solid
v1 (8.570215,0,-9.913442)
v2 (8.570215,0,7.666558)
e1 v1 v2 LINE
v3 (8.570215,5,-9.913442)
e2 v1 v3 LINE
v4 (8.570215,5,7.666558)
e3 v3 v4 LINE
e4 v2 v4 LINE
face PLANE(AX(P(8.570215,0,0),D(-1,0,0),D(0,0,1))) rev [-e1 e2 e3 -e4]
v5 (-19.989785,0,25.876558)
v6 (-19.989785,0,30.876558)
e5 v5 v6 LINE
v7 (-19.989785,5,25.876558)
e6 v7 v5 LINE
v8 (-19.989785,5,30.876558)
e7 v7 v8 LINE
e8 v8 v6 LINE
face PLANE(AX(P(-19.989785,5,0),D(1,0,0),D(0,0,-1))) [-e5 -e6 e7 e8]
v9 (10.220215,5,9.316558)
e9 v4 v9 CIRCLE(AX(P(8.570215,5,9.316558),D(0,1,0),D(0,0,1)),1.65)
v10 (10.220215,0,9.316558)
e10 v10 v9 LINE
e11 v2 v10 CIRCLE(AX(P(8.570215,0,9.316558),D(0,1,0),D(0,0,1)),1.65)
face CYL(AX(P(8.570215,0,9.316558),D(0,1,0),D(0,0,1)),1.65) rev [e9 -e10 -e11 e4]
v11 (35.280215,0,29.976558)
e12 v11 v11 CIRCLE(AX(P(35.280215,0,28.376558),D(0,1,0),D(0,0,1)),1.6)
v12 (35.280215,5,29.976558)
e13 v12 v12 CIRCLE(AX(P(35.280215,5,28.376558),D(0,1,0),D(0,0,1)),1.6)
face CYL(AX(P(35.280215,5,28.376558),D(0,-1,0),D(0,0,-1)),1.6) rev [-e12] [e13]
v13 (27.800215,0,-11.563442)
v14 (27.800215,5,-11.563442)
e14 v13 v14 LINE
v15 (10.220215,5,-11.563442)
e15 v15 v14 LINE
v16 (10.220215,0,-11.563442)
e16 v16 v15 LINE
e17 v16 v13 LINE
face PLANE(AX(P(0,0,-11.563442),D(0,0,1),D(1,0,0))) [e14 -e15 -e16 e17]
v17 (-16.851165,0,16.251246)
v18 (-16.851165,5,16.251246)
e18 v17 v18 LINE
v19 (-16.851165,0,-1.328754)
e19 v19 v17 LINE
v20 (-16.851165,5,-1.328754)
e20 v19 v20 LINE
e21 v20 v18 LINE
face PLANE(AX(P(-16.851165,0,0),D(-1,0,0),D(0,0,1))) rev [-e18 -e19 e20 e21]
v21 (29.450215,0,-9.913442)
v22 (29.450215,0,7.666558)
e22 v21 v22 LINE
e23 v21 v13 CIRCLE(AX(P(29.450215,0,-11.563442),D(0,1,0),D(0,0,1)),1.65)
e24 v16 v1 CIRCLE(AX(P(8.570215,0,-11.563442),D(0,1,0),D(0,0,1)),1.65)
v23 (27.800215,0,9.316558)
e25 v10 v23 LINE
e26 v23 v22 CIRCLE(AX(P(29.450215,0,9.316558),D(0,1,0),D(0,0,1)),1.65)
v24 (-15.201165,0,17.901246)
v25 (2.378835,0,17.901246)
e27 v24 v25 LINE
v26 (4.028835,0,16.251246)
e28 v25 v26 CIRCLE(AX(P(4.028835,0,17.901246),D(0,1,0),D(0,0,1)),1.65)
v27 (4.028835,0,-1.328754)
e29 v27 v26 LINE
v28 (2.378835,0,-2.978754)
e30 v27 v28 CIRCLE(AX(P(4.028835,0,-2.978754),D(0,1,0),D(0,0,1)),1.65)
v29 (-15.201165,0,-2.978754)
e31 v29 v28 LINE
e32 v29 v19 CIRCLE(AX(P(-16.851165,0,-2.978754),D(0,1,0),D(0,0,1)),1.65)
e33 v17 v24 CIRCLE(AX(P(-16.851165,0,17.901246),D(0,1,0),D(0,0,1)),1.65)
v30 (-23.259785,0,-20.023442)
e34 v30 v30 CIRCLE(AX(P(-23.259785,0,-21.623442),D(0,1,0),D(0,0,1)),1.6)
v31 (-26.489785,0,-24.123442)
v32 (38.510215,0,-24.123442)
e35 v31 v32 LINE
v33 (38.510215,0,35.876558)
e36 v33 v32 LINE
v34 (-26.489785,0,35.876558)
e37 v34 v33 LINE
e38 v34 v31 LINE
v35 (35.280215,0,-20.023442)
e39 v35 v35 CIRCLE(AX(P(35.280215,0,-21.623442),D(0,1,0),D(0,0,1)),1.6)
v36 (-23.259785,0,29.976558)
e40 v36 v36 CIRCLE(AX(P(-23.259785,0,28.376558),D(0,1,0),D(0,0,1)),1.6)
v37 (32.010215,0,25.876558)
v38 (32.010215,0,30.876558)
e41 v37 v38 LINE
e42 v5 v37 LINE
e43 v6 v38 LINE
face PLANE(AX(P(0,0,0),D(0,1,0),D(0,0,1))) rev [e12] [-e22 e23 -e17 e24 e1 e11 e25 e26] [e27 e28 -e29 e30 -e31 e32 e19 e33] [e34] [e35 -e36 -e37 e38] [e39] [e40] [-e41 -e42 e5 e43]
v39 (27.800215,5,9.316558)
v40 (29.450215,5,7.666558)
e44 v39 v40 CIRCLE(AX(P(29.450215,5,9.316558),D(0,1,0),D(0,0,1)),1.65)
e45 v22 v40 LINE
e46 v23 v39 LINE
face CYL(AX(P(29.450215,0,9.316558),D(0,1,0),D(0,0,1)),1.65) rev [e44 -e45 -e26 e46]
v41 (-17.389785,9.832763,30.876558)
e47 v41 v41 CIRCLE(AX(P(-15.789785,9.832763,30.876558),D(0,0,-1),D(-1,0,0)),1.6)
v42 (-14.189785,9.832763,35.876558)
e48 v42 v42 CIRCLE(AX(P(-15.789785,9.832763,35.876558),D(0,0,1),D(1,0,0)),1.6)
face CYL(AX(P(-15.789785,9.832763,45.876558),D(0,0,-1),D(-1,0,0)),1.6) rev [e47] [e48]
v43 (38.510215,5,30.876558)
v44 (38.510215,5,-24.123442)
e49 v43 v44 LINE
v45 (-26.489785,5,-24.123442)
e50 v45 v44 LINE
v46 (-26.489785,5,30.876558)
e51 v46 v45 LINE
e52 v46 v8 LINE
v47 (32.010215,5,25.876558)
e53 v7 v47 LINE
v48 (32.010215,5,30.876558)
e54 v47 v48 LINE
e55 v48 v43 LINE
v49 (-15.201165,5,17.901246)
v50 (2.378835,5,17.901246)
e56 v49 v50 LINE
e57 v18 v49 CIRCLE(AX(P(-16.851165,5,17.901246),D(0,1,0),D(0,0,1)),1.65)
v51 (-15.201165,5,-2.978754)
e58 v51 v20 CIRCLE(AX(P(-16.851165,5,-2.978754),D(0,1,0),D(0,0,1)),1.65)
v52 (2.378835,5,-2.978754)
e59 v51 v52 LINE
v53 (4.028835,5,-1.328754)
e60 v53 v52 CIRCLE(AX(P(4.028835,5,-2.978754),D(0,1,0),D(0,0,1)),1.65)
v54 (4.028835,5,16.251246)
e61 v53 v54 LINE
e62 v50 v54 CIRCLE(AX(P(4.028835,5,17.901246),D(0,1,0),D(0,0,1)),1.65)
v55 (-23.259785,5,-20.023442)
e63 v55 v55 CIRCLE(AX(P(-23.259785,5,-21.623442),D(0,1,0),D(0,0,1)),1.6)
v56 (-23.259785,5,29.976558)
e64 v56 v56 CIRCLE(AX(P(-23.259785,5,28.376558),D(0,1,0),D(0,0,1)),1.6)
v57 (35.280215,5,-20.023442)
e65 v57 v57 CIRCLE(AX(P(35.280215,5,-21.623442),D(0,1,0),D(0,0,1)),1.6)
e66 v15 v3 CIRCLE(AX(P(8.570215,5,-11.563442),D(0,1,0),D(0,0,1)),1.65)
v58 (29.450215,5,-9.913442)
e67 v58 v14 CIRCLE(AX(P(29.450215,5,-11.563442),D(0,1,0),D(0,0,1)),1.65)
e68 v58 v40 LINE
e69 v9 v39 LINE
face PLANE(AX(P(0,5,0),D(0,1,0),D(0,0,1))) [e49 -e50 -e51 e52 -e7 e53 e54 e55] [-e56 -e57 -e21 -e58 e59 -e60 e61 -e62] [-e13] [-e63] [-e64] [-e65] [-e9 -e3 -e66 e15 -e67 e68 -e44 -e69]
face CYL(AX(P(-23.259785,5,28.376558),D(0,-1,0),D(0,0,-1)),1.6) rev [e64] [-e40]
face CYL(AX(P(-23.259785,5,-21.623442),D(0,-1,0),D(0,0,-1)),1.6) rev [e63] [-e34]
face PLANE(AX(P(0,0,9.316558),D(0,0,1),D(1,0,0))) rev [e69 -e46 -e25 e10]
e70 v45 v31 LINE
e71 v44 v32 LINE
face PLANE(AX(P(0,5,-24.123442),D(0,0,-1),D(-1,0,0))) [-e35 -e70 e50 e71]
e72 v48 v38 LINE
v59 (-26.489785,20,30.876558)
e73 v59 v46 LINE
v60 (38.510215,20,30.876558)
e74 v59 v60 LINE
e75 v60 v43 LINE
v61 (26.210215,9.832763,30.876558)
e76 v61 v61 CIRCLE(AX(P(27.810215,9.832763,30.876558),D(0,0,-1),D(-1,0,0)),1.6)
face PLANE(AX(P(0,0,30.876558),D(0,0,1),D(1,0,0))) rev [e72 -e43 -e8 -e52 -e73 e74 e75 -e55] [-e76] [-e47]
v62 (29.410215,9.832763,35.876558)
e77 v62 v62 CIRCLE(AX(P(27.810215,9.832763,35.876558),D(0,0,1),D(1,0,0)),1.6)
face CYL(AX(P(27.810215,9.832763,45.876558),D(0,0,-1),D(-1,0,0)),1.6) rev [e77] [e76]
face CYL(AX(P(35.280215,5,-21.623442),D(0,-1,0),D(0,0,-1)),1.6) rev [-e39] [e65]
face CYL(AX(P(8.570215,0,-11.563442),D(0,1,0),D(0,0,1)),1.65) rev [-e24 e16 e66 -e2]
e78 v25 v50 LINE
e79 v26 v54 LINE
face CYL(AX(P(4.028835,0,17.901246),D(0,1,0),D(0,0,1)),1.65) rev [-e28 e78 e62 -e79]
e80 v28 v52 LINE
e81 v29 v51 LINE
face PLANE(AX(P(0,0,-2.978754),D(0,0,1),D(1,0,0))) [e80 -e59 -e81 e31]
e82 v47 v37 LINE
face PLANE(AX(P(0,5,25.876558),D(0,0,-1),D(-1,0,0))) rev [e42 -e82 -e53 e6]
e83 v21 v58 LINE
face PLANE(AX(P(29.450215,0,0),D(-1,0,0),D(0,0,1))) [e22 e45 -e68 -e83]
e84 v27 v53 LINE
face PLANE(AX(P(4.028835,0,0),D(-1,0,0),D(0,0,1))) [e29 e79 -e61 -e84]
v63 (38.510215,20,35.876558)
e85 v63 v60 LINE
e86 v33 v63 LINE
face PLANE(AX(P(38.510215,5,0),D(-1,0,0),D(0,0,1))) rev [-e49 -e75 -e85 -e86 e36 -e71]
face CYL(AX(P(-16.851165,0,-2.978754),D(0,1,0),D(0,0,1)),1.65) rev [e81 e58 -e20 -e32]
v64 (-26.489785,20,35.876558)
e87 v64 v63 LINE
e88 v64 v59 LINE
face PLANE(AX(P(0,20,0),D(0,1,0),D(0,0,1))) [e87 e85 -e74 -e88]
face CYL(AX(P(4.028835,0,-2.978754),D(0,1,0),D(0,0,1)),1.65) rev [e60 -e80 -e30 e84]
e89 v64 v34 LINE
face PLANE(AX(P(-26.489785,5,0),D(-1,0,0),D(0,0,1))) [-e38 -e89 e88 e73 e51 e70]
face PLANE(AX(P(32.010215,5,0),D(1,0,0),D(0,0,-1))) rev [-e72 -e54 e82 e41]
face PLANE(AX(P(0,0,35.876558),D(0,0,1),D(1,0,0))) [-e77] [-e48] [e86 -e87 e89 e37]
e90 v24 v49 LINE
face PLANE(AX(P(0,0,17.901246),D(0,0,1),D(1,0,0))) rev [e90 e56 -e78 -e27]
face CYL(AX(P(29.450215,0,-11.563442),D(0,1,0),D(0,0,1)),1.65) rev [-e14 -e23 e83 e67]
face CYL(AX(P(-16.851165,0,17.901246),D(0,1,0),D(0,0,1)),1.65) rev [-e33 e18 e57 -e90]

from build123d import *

# Parameters (mm, degrees)
SKETCH_1_R          = 1.6
EXTRUDE_1_DEPTH     = 5
SKETCH_2_R          = 1.65
SKETCH_2_W          = 20.88
SKETCH_2_H          = 20.88
CUT_EXTRUDE_1_DEPTH = 5
SKETCH_4_W          = 65
SKETCH_4_H          = 5
EXTRUDE_2_DEPTH     = 5
SKETCH_5_W          = 65
SKETCH_5_H          = 5
EXTRUDE_3_DEPTH     = 15
SKETCH_6_R          = 1.6
CUT_EXTRUDE_2_DEPTH = 15


with BuildPart() as part:
    # 草图1 → 凸台-拉伸1 (new body)
    with BuildSketch(Plane(origin=(0, 0, 0), x_dir=(1, 0, 0), z_dir=(0, 1, 0))):
        Polygon((-19.989784722, -25.876557595), (32.010215278, -25.876557595), (32.010215278, -30.876557595), (38.510215278, -30.876557595), (38.510215278, 24.123442405), (-26.489784722, 24.123442405), (-26.489784722, -30.876557595), (-19.989784722, -30.876557595), align=None)
        with Locations(Location((-23.259784722, 21.623442405, 0), (0, 0, 270))):
            Circle(SKETCH_1_R, mode=Mode.SUBTRACT)
        with Locations(Location((-23.259784722, -28.376557595, 0), (0, 0, 270))):
            Circle(SKETCH_1_R, mode=Mode.SUBTRACT)
        with Locations(Location((35.280215278, -28.376557595, 0), (0, 0, 270))):
            Circle(SKETCH_1_R, mode=Mode.SUBTRACT)
        with Locations(Location((35.280215278, 21.623442405, 0), (0, 0, 270))):
            Circle(SKETCH_1_R, mode=Mode.SUBTRACT)
    extrude(amount=EXTRUDE_1_DEPTH)

    # 草图2 → 切除-拉伸1 (cut)
    with BuildSketch(Plane(origin=(0, 5, 0), x_dir=(1, 0, 0), z_dir=(0, 1, 0))):
        with BuildLine():
            ThreePointArc((5.678835194, 2.978753935), (4.028835194, 4.628753935), (2.378835194, 2.978753935))
            Line((2.378835194, 2.978753935), (4.028835194, 2.978753935))
            Line((4.028835194, 2.978753935), (4.028835194, 1.328753935))
            ThreePointArc((4.028835194, 1.328753935), (5.195561383, 1.812027746), (5.678835194, 2.978753935))
        make_face()
        with BuildLine():
            Line((4.028835194, 2.978753935), (2.378835194, 2.978753935))
            ThreePointArc((2.378835194, 2.978753935), (2.862109005, 1.812027746), (4.028835194, 1.328753935))
            Line((4.028835194, 1.328753935), (4.028835194, 2.978753935))
        make_face()
        with Locations((-16.851164806, -17.901246065)):
            Circle(SKETCH_2_R)
        with Locations((4.028835194, -17.901246065)):
            Circle(SKETCH_2_R)
        with Locations((4.028835194, 2.978753935)):
            Circle(SKETCH_2_R)
        with Locations((-16.851164806, 2.978753935)):
            Circle(SKETCH_2_R)
        with Locations((-6.411164806, -7.461246065)):
            Rectangle(SKETCH_2_W, SKETCH_2_H)
        with BuildLine():
            ThreePointArc((5.678835194, -17.901246065), (5.195561383, -16.734519876), (4.028835194, -16.251246065))
            Line((4.028835194, -16.251246065), (4.028835194, -17.901246065))
            Line((4.028835194, -17.901246065), (2.378835194, -17.901246065))
            ThreePointArc((2.378835194, -17.901246065), (4.028835194, -19.551246065), (5.678835194, -17.901246065))
        make_face()
        with BuildLine():
            Line((4.028835194, -17.901246065), (4.028835194, -16.251246065))
            ThreePointArc((4.028835194, -16.251246065), (2.862109005, -16.734519876), (2.378835194, -17.901246065))
            Line((2.378835194, -17.901246065), (4.028835194, -17.901246065))
        make_face()
        with BuildLine():
            ThreePointArc((-15.201164806, -17.901246065), (-15.684438617, -16.734519876), (-16.851164806, -16.251246065))
            Line((-16.851164806, -16.251246065), (-16.851164806, -17.901246065))
            Line((-16.851164806, -17.901246065), (-15.201164806, -17.901246065))
        make_face()
        with BuildLine():
            Line((-16.851164806, -17.901246065), (-16.851164806, -16.251246065))
            ThreePointArc((-16.851164806, -16.251246065), (-18.017890995, -19.067972254), (-15.201164806, -17.901246065))
            Line((-15.201164806, -17.901246065), (-16.851164806, -17.901246065))
        make_face()
        with BuildLine():
            ThreePointArc((10.220215278, -9.316557595), (9.736941467, -8.149831407), (8.570215278, -7.666557595))
            Line((8.570215278, -7.666557595), (8.570215278, -9.316557595))
            Line((8.570215278, -9.316557595), (10.220215278, -9.316557595))
        make_face()
        with BuildLine():
            Line((8.570215278, -9.316557595), (8.570215278, -7.666557595))
            ThreePointArc((8.570215278, -7.666557595), (7.403489089, -10.483283784), (10.220215278, -9.316557595))
            Line((10.220215278, -9.316557595), (8.570215278, -9.316557595))
        make_face()
        with Locations((8.570215278, -9.316557595)):
            Circle(SKETCH_2_R)
        with Locations((29.450215278, -9.316557595)):
            Circle(SKETCH_2_R)
        with Locations((29.450215278, 11.563442405)):
            Circle(SKETCH_2_R)
        with Locations((8.570215278, 11.563442405)):
            Circle(SKETCH_2_R)
        with Locations((19.010215278, 1.123442405)):
            Rectangle(SKETCH_2_W, SKETCH_2_H)
        with BuildLine():
            ThreePointArc((31.100215278, 11.563442405), (29.450215278, 13.213442405), (27.800215278, 11.563442405))
            Line((27.800215278, 11.563442405), (29.450215278, 11.563442405))
            Line((29.450215278, 11.563442405), (29.450215278, 9.913442405))
            ThreePointArc((29.450215278, 9.913442405), (30.616941467, 10.396716216), (31.100215278, 11.563442405))
        make_face()
        with BuildLine():
            Line((29.450215278, 11.563442405), (27.800215278, 11.563442405))
            ThreePointArc((27.800215278, 11.563442405), (28.283489089, 10.396716216), (29.450215278, 9.913442405))
            Line((29.450215278, 9.913442405), (29.450215278, 11.563442405))
        make_face()
        with BuildLine():
            ThreePointArc((31.100215278, -9.316557595), (30.616941467, -8.149831407), (29.450215278, -7.666557595))
            Line((29.450215278, -7.666557595), (29.450215278, -9.316557595))
            Line((29.450215278, -9.316557595), (27.800215278, -9.316557595))
            ThreePointArc((27.800215278, -9.316557595), (29.450215278, -10.966557595), (31.100215278, -9.316557595))
        make_face()
        with BuildLine():
            Line((29.450215278, -9.316557595), (29.450215278, -7.666557595))
            ThreePointArc((29.450215278, -7.666557595), (28.283489089, -8.149831407), (27.800215278, -9.316557595))
            Line((27.800215278, -9.316557595), (29.450215278, -9.316557595))
        make_face()
    extrude(amount=-CUT_EXTRUDE_1_DEPTH, mode=Mode.SUBTRACT)

    # 草图4 → 凸台-拉伸2 (add)
    with BuildSketch(Plane.XY.offset(30.876557595)):
        with Locations((6.010215278, 2.5)):
            Rectangle(SKETCH_4_W, SKETCH_4_H)
    extrude(amount=EXTRUDE_2_DEPTH)

    # 草图5 → 凸台-拉伸3 (add)
    with BuildSketch(Plane(origin=(0, 5, 0), x_dir=(1, 0, 0), z_dir=(0, 1, 0))):
        with Locations((6.010215278, -33.376557595)):
            Rectangle(SKETCH_5_W, SKETCH_5_H)
    extrude(amount=EXTRUDE_3_DEPTH)

    # 草图6 → 切除-拉伸2 (cut)
    with BuildSketch(Plane(origin=(0, 0, 30.876557595), x_dir=(-1, 0, 0), z_dir=(0, 0, -1))):
        with Locations((-27.810215278, 9.832763387)):
            Circle(SKETCH_6_R)
        with Locations((15.789784722, 9.832763387)):
            Circle(SKETCH_6_R)
    extrude(amount=-CUT_EXTRUDE_2_DEPTH, mode=Mode.SUBTRACT)


solid = part.part
